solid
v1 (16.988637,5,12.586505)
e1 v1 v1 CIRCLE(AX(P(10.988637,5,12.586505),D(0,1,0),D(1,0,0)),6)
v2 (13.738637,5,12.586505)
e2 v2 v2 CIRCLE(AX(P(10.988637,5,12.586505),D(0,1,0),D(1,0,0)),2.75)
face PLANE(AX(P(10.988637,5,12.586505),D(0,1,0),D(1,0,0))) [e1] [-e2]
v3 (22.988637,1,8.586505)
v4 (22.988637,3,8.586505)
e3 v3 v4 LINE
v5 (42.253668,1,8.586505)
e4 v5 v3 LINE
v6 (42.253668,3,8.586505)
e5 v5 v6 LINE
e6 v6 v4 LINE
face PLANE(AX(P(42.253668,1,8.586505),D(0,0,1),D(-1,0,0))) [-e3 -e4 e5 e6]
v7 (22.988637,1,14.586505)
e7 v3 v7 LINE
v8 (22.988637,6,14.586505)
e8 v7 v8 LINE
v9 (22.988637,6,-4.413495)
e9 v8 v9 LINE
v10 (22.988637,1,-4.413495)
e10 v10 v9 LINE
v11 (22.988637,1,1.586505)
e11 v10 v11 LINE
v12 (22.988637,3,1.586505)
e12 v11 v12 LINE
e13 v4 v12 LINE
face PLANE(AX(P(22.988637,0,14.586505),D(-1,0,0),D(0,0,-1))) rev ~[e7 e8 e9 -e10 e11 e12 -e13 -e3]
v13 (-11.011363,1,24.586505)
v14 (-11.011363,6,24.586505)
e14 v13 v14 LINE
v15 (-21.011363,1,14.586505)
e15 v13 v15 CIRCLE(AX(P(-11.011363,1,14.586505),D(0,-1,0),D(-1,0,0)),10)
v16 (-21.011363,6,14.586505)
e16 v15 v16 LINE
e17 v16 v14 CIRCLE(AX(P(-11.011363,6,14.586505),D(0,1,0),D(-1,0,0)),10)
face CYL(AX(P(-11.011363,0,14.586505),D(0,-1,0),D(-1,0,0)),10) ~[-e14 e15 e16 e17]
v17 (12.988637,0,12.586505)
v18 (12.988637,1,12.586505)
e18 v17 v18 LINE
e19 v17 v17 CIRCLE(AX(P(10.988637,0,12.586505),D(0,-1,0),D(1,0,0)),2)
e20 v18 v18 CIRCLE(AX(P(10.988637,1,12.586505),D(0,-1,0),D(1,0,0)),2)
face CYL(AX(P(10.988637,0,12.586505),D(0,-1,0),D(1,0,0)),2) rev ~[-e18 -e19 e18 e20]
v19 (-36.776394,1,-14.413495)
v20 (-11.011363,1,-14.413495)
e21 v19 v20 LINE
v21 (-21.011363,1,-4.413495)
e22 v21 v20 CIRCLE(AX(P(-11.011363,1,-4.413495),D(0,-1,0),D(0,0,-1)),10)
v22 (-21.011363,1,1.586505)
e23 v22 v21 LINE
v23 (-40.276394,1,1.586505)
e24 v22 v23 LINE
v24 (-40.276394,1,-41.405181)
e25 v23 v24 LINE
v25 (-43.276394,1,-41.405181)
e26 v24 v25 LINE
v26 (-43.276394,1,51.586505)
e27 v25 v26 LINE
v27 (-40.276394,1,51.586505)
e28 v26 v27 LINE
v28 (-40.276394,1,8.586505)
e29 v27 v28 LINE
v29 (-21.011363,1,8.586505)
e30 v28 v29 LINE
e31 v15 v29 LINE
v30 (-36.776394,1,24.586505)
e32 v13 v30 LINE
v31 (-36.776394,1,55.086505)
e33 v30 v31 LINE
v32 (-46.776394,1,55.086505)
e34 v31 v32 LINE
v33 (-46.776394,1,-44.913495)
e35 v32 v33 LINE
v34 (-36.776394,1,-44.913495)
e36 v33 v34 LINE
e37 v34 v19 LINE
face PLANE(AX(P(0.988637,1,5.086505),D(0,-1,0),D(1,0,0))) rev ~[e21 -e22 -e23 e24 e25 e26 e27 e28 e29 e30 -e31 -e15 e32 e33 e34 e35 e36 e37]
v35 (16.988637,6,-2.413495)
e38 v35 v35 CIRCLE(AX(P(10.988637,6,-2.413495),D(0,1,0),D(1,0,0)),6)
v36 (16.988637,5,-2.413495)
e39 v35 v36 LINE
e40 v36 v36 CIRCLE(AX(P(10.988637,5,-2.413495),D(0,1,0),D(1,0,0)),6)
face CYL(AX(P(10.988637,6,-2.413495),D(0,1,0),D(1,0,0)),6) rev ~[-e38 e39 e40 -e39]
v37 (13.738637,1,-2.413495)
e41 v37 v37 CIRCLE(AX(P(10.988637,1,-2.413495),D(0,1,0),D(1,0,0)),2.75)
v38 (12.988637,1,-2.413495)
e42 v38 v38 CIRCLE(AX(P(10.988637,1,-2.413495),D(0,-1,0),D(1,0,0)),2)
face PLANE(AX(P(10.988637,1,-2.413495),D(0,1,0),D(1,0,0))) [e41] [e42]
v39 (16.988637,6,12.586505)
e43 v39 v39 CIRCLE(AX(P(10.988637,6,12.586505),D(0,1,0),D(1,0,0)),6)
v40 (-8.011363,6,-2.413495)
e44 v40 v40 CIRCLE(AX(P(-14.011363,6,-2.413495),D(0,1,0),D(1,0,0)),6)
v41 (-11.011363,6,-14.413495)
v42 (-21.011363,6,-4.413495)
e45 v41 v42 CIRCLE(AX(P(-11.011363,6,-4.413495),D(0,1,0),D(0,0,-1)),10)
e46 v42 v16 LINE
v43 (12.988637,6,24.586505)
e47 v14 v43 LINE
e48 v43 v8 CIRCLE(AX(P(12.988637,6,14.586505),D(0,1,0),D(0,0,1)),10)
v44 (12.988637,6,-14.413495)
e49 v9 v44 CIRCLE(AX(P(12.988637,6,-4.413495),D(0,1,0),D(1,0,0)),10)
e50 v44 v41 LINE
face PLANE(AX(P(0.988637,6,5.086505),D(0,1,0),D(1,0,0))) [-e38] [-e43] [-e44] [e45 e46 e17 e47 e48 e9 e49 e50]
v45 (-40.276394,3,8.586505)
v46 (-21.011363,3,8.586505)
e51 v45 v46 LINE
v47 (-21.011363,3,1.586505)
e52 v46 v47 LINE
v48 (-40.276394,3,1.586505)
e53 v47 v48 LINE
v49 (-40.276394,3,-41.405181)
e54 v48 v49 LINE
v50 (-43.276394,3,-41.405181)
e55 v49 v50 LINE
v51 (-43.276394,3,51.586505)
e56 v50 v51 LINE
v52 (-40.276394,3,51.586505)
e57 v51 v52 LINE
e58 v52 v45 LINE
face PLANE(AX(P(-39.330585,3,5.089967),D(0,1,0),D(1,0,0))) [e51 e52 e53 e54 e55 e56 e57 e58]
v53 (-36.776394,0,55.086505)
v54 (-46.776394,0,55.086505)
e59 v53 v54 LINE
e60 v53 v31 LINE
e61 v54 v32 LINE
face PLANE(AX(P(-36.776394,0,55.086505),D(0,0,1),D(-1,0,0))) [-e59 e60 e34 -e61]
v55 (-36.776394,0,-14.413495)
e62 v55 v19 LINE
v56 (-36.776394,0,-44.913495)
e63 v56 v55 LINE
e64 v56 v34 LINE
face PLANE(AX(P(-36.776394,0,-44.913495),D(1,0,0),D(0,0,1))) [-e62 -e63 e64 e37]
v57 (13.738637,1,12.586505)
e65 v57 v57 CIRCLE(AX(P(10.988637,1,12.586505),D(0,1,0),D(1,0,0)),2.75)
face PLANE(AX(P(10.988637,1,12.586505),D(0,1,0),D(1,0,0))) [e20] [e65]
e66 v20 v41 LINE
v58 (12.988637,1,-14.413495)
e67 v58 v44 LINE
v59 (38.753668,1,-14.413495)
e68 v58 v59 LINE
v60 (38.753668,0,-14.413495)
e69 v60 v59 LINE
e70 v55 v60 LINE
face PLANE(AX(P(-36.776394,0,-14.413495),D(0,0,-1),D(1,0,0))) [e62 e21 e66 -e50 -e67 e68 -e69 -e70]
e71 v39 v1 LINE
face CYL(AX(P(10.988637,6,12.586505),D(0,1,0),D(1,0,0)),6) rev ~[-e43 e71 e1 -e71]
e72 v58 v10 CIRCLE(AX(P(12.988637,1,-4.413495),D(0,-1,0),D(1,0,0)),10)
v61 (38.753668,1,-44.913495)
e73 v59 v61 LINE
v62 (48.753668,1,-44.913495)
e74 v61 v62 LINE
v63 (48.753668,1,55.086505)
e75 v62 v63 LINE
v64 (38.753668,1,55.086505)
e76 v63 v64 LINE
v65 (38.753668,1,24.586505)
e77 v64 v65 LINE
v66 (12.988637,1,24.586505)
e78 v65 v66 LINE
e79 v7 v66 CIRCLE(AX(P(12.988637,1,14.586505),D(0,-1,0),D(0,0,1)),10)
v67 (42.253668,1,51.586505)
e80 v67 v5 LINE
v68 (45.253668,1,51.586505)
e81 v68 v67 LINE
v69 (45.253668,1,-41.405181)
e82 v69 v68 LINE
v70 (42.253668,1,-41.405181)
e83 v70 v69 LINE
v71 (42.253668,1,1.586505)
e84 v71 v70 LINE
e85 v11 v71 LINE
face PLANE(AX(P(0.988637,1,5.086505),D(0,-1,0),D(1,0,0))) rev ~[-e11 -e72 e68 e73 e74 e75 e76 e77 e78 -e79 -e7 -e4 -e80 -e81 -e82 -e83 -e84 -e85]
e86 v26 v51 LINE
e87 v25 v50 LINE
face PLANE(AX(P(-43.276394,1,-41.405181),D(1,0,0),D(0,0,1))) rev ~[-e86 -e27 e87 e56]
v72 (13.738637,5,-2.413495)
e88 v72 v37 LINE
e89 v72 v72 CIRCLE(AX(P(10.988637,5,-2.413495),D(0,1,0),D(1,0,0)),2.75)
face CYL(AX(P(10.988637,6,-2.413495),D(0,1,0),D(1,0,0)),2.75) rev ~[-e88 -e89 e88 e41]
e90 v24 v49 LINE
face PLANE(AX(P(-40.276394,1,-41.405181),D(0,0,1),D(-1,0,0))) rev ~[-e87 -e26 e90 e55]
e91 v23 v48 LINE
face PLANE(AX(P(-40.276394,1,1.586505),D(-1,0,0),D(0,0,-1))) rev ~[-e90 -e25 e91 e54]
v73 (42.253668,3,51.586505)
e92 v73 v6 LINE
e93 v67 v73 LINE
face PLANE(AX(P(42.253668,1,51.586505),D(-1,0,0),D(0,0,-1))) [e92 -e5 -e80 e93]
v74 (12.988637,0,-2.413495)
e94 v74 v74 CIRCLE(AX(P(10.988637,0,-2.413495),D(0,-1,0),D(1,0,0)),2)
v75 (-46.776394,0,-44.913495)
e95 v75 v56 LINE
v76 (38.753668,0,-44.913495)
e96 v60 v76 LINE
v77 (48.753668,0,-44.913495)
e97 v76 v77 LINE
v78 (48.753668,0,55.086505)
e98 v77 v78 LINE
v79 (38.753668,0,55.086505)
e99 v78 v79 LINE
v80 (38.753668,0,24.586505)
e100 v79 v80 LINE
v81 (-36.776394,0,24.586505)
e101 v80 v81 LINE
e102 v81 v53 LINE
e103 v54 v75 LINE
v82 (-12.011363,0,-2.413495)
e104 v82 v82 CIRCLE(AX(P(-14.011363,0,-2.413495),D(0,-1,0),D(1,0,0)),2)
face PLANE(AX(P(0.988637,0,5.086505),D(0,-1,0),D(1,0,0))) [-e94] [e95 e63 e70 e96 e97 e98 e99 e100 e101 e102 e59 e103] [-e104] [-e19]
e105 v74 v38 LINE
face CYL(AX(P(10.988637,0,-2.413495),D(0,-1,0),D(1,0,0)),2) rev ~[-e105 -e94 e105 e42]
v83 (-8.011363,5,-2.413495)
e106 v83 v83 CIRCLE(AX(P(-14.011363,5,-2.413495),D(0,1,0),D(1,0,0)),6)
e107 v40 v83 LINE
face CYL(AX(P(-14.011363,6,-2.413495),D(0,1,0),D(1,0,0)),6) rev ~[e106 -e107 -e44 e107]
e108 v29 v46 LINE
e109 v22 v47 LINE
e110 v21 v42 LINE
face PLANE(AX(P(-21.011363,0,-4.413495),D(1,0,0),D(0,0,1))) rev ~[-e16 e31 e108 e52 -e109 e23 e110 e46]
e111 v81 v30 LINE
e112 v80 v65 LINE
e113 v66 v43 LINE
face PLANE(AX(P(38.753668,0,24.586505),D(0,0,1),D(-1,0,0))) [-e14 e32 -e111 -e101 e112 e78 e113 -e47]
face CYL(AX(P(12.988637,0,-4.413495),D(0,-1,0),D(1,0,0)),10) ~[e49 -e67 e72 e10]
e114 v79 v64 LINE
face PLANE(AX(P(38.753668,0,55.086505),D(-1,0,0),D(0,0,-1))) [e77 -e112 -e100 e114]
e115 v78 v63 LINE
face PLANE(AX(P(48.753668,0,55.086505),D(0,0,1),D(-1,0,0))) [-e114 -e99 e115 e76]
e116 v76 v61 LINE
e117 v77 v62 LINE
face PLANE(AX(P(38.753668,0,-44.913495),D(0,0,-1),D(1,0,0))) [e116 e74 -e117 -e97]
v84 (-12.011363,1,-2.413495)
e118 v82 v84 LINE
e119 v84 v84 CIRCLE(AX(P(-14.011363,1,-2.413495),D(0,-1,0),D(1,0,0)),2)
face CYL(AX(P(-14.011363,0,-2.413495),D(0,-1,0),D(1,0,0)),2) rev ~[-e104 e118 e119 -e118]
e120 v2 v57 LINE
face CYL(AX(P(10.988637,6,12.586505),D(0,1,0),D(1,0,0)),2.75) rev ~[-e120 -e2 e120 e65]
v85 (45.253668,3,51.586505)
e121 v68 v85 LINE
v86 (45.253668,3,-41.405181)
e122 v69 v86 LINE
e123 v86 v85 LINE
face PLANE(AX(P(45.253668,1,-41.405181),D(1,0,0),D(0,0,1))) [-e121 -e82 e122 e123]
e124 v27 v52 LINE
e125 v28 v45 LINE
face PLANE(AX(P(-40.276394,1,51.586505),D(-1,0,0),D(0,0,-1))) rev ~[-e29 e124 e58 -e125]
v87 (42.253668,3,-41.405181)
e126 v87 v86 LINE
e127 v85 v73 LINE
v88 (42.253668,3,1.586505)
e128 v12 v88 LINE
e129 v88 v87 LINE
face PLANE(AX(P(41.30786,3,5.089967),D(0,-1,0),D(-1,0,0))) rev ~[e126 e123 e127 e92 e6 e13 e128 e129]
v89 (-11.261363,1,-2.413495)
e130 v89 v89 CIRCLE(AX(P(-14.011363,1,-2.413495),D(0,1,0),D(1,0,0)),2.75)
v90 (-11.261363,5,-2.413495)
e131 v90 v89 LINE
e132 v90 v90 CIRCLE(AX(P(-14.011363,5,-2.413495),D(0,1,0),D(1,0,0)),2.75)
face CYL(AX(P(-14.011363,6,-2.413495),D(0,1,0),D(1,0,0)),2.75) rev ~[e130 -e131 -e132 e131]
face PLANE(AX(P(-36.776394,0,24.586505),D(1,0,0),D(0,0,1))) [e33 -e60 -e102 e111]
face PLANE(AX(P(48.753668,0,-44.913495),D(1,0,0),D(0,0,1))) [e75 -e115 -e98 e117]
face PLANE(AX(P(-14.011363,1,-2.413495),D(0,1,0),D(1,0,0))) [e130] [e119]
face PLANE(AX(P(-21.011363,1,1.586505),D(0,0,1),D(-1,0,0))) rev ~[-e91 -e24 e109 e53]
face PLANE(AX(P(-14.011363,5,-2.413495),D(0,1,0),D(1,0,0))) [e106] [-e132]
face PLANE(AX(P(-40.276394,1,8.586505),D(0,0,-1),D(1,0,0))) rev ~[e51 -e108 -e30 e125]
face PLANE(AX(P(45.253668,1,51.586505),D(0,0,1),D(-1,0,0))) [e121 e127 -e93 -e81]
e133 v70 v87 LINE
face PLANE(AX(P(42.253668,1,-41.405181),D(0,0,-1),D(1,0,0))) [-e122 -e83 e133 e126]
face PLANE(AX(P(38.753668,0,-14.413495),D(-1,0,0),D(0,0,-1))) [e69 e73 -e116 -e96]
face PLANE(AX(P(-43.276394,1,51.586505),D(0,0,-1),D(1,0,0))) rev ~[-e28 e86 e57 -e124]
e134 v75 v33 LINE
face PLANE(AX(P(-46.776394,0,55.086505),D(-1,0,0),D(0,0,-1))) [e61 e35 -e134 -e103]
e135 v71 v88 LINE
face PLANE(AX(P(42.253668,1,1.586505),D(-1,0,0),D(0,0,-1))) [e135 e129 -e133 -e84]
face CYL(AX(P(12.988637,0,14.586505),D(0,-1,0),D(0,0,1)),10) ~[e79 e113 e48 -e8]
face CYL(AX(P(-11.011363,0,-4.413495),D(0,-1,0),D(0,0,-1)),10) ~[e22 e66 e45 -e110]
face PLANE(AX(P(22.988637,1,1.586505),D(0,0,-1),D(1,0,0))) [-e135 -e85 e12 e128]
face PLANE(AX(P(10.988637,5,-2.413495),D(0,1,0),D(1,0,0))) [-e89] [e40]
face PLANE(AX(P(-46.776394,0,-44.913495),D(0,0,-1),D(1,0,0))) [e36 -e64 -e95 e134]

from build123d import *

# Parameters (mm, degrees)
SKETCH1_R           = 1.75
BOSS_EXTRUDE1_DEPTH = 6
SKETCH2_R           = 2.75
CUT_EXTRUDE1_DEPTH  = 5
SKETCH3_R           = 6
CUT_EXTRUDE2_DEPTH  = 1
BOSS_EXTRUDE3_DEPTH = 1
BOSS_EXTRUDE4_DEPTH = 2
SKETCH7_R           = 2
CUT_EXTRUDE3_DEPTH  = 2


with BuildPart() as part:
    # Sketch1 → Boss-Extrude1 (new body)
    with BuildSketch(Plane(origin=(0, 0, 0), x_dir=(1, 0, 0), z_dir=(0, 1, 0))):
        with BuildLine():
            Line((-11.011362906, -24.58650519), (12.988637094, -24.58650519))
            ThreePointArc((12.988637094, -24.58650519), (20.059704906, -21.657573002), (22.988637094, -14.58650519))
            Line((22.988637094, -14.58650519), (22.988637094, 4.41349481))
            ThreePointArc((22.988637094, 4.41349481), (20.059704906, 11.484562622), (12.988637094, 14.41349481))
            Line((12.988637094, 14.41349481), (-11.011362906, 14.41349481))
            ThreePointArc((-11.011362906, 14.41349481), (-18.082430717, 11.484562622), (-21.011362906, 4.41349481))
            Line((-21.011362906, 4.41349481), (-21.011362906, -14.58650519))
            ThreePointArc((-21.011362906, -14.58650519), (-18.082430717, -21.657573002), (-11.011362906, -24.58650519))
        make_face()
        with Locations((-14.011362906, 2.41349481)):
            Circle(SKETCH1_R, mode=Mode.SUBTRACT)
        with Locations((10.988637094, 2.41349481)):
            Circle(SKETCH1_R, mode=Mode.SUBTRACT)
        with Locations((10.988637094, -12.58650519)):
            Circle(SKETCH1_R, mode=Mode.SUBTRACT)
    extrude(amount=BOSS_EXTRUDE1_DEPTH)

    # Sketch2 → Cut-Extrude1 (cut)
    with BuildSketch(Plane(origin=(0, 6, 0), x_dir=(1, 0, 0), z_dir=(0, 1, 0))):
        with Locations((-14.011362906, 2.41349481)):
            Circle(SKETCH2_R)
        with Locations((10.988637094, 2.41349481)):
            Circle(SKETCH2_R)
        with Locations((10.988637094, -12.58650519)):
            Circle(SKETCH2_R)
    extrude(amount=-CUT_EXTRUDE1_DEPTH, mode=Mode.SUBTRACT)

    # Sketch3 → Cut-Extrude2 (cut)
    with BuildSketch(Plane(origin=(0, 6, 0), x_dir=(1, 0, 0), z_dir=(0, 1, 0))):
        with Locations((10.988637094, 2.41349481)):
            Circle(SKETCH3_R)
        with Locations((10.988637094, -12.58650519)):
            Circle(SKETCH3_R)
        with Locations((-14.011362906, 2.41349481)):
            Circle(SKETCH3_R)
    extrude(amount=-CUT_EXTRUDE2_DEPTH, mode=Mode.SUBTRACT)

    # Sketch4 → Boss-Extrude3 (add)
    with BuildSketch(Plane.XZ):
        Polygon((-46.776393851, -44.91349481), (-36.776393851, -44.91349481), (-36.776393851, -14.41349481), (38.75366804, -14.41349481), (38.75366804, -44.91349481), (48.75366804, -44.91349481), (48.75366804, 55.08650519), (38.75366804, 55.08650519), (38.75366804, 24.58650519), (-36.776393851, 24.58650519), (-36.776393851, 55.08650519), (-46.776393851, 55.08650519), align=None)
    extrude(amount=-BOSS_EXTRUDE3_DEPTH)

    # Sketch6 → Boss-Extrude4 (add)
    with BuildSketch(Plane(origin=(0, 1, 0), x_dir=(1, 0, 0), z_dir=(0, 1, 0))):
        Polygon((22.988637094, -1.58650519), (42.25366804, -1.58650519), (42.25366804, 41.4051813), (45.25366804, 41.4051813), (45.25366804, -51.58650519), (42.25366804, -51.58650519), (42.25366804, -8.58650519), (22.988637094, -8.58650519), align=None)
        Polygon((-21.011362906, -8.58650519), (-21.011362906, -1.58650519), (-40.276393851, -1.58650519), (-40.276393851, 41.4051813), (-43.276393851, 41.4051813), (-43.276393851, -51.58650519), (-40.276393851, -51.58650519), (-40.276393851, -8.58650519), align=None)
    extrude(amount=BOSS_EXTRUDE4_DEPTH)

    # Sketch7 → Cut-Extrude3 (cut)
    with BuildSketch(Plane.XZ):
        with Locations((-14.011362906, -2.41349481)):
            Circle(SKETCH7_R)
        with Locations((10.988637094, -2.41349481)):
            Circle(SKETCH7_R)
        with Locations((10.988637094, 12.58650519)):
            Circle(SKETCH7_R)
    extrude(amount=-CUT_EXTRUDE3_DEPTH, mode=Mode.SUBTRACT)


solid = part.part
